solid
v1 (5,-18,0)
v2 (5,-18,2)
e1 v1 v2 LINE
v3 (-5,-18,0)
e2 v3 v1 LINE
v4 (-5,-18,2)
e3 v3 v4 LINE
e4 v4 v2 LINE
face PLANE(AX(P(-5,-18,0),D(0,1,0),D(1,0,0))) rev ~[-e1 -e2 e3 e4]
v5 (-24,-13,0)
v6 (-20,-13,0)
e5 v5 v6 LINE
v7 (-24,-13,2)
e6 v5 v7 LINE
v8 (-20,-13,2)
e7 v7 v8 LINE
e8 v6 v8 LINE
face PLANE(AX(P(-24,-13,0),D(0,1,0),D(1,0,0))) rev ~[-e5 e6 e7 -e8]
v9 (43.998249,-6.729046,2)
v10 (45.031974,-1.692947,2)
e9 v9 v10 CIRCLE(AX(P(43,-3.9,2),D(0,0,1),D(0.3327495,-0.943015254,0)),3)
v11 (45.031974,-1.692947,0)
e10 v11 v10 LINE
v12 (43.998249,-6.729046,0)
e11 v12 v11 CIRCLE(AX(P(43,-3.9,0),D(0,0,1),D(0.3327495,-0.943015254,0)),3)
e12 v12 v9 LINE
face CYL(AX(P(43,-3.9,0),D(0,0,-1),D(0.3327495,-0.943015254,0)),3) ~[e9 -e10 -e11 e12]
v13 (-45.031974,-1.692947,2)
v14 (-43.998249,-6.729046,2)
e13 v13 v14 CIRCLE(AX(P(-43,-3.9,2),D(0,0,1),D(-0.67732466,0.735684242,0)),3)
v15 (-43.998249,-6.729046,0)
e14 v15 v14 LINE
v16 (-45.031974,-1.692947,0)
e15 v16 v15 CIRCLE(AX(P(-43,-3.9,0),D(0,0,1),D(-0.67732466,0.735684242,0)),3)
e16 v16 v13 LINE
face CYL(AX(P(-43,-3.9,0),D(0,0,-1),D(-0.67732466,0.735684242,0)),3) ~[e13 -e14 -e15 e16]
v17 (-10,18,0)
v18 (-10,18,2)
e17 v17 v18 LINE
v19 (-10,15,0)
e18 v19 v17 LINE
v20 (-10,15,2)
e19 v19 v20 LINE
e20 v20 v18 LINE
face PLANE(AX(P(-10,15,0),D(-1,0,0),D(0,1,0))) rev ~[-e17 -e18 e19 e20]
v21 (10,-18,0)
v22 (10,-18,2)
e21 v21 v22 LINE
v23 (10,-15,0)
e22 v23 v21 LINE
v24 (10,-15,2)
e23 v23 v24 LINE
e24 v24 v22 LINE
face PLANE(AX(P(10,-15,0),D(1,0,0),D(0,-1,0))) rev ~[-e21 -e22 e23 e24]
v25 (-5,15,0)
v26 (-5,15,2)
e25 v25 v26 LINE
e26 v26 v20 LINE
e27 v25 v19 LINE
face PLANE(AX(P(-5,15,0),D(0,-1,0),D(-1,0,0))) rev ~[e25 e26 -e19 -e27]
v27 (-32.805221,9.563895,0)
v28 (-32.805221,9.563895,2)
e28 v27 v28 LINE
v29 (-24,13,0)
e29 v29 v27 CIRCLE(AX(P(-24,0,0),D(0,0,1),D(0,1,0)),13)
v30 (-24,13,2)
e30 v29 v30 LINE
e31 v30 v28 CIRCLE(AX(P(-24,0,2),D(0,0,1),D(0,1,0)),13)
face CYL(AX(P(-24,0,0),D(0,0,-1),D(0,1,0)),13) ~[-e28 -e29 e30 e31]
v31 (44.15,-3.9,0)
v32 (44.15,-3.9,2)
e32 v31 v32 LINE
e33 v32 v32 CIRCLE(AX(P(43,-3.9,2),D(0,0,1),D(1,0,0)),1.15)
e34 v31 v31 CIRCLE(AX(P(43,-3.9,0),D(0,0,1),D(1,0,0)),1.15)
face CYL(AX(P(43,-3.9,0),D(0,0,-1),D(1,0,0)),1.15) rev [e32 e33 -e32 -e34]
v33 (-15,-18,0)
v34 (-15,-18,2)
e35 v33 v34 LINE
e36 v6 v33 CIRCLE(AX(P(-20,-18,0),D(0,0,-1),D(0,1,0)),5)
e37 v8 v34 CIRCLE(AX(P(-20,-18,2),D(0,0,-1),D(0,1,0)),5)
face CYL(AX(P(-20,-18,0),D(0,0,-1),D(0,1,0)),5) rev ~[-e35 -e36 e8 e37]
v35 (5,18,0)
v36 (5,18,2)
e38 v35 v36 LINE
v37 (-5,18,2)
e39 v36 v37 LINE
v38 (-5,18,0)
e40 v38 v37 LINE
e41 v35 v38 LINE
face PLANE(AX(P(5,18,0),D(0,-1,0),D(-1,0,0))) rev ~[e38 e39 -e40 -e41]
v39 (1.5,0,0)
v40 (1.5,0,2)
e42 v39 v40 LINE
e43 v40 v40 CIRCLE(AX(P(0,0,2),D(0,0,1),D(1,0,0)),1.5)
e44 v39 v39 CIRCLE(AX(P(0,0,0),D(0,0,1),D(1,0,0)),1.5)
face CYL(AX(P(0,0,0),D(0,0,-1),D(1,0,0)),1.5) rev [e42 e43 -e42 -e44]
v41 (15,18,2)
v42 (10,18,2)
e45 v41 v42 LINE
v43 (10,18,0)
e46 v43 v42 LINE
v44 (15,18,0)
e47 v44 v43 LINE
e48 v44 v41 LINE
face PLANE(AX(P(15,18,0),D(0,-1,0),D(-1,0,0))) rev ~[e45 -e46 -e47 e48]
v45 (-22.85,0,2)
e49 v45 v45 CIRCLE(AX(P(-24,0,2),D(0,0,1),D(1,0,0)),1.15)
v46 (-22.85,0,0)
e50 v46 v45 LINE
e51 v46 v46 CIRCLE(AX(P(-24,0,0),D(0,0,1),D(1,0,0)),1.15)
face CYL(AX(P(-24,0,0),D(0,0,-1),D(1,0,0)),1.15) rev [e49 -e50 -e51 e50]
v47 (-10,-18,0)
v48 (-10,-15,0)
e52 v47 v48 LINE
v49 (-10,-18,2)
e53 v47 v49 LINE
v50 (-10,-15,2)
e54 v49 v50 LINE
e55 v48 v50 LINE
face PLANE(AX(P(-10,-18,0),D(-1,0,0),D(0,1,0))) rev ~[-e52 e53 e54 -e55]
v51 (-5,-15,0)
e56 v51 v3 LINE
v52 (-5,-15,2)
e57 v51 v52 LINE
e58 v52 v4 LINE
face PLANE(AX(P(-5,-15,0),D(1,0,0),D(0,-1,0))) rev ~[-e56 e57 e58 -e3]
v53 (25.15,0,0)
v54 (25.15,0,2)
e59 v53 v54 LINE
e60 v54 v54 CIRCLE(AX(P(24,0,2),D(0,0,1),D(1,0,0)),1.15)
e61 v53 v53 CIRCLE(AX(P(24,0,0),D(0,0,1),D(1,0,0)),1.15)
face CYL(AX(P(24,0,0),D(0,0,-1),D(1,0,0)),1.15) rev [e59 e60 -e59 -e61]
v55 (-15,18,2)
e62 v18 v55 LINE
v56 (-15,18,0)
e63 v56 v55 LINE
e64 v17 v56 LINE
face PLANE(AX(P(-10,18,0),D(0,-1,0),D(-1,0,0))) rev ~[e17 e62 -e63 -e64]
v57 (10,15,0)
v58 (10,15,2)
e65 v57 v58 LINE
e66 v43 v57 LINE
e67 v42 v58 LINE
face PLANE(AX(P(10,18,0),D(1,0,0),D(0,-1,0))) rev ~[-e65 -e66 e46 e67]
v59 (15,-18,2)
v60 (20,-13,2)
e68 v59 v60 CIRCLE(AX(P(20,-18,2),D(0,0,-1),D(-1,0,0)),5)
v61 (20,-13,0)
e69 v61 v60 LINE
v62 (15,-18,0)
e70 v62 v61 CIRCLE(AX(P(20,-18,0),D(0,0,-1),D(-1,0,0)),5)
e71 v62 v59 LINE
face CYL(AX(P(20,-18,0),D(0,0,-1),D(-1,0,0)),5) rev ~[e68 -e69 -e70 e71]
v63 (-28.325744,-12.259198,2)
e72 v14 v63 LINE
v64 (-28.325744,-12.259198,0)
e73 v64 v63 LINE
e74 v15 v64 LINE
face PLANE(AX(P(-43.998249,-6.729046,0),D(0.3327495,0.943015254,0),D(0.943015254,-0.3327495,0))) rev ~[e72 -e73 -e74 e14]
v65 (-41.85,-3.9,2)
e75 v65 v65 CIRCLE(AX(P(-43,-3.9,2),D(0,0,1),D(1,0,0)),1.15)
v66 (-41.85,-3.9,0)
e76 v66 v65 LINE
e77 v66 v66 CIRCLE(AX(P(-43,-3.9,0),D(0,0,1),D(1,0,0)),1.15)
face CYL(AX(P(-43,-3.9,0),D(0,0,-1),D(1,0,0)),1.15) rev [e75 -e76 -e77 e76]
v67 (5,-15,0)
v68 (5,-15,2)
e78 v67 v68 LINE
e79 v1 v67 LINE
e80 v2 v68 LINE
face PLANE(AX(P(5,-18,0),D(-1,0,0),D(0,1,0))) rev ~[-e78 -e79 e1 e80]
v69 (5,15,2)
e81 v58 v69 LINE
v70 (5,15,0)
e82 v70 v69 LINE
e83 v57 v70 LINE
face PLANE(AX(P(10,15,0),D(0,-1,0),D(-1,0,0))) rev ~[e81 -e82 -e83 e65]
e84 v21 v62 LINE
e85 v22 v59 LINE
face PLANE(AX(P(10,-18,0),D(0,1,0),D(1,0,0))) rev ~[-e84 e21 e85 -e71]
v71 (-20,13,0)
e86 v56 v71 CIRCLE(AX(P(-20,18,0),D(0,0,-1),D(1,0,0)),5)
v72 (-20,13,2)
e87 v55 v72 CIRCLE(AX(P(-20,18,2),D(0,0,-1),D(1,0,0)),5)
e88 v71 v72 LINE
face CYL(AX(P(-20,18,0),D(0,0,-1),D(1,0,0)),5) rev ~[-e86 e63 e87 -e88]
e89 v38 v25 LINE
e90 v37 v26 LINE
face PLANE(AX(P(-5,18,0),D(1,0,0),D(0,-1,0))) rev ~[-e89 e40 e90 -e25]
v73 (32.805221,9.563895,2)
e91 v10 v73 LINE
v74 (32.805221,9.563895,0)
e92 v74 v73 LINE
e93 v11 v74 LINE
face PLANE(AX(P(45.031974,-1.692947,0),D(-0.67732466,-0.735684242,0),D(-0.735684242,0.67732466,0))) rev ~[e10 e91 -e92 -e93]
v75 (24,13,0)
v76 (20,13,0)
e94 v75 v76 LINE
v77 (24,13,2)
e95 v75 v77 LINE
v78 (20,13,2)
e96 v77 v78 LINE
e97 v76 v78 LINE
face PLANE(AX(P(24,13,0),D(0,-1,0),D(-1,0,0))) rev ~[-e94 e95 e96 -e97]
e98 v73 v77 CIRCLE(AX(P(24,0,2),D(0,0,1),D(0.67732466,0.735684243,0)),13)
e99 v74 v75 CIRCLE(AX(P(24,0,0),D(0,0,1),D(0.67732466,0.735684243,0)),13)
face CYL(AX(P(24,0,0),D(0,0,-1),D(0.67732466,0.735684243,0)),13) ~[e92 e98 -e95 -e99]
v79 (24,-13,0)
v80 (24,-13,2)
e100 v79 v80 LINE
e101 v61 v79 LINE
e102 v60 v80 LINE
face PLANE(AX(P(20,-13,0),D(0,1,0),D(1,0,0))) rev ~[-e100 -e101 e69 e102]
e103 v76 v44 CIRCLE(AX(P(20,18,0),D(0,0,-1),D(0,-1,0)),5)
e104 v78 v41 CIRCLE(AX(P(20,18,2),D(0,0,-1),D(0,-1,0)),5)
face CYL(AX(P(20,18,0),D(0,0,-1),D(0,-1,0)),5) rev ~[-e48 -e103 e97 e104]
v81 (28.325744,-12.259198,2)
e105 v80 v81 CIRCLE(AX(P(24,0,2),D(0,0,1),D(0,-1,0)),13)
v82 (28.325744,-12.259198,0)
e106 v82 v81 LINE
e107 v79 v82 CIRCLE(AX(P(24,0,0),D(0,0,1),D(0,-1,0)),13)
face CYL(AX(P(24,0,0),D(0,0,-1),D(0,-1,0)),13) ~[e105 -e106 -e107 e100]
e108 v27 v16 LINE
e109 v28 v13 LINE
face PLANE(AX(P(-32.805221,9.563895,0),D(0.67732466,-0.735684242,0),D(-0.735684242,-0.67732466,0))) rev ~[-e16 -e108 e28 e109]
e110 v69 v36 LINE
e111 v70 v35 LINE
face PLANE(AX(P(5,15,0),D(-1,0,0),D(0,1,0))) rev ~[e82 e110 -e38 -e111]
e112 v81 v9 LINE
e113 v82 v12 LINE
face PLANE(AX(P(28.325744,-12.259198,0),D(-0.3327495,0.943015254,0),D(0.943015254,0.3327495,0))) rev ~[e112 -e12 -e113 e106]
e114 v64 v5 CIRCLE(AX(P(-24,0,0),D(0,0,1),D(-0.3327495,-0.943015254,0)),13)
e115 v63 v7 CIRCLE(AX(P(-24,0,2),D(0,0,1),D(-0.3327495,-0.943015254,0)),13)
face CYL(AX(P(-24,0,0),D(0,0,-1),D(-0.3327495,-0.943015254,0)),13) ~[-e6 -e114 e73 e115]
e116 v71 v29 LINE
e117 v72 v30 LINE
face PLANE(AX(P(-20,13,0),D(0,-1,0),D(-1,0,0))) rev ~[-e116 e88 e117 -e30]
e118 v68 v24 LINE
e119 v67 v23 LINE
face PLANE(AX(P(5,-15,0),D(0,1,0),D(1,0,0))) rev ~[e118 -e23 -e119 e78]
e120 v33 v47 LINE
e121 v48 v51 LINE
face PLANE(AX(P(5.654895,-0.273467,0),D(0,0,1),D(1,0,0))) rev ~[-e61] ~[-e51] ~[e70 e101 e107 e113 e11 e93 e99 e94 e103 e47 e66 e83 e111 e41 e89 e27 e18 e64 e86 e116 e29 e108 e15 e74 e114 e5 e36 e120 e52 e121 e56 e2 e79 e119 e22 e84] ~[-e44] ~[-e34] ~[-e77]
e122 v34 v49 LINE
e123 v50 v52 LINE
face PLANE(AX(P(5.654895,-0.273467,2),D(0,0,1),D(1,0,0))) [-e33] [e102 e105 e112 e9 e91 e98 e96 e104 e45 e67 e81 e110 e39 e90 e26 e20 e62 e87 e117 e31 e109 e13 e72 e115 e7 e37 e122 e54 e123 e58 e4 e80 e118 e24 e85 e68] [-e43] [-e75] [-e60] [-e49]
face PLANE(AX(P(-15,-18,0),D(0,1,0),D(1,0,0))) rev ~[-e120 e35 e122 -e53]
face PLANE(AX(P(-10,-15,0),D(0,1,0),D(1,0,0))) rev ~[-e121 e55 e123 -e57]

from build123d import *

# Parameters (mm, degrees)
MODEL_R         = 1.15
MODEL_R_2       = 1.5
EXTRUDE_1_DEPTH = 2


with BuildPart() as part:
    # Model → Бобышка-Вытянуть1 (new body)
    # profile 1 of 3: a face of its own
    with BuildSketch(Plane.XY):
        with BuildLine():
            ThreePointArc((-11, 0), (-14.807611845, 9.192388155), (-24, 13))
            ThreePointArc((-24, 13), (-28.725958264, 12.110545755), (-32.805220584, 9.563895152))
            ThreePointArc((-32.805220584, 9.563895152), (-36.734496712, -2.613923009), (-28.325743505, -12.259198307))
            ThreePointArc((-28.325743505, -12.259198307), (-26.194358905, -12.813461242), (-24, -13))
            ThreePointArc((-24, -13), (-14.807611845, -9.192388155), (-11, 0))
        make_face()
        with Locations((-24, 0)):
            Circle(MODEL_R, mode=Mode.SUBTRACT)
    # profile 2 of 3: a face of its own
    with BuildSketch(Plane.XY):
        with BuildLine():
            ThreePointArc((-28.325743505, -12.259198307), (-36.734496712, -2.613923009), (-32.805220584, 9.563895152))
            Line((-32.805220584, 9.563895152), (-45.031973981, -1.692947273))
            ThreePointArc((-45.031973981, -1.692947273), (-45.93873001, -4.503213002), (-43.998248501, -6.729045763))
            Line((-43.998248501, -6.729045763), (-28.325743505, -12.259198307))
        make_face()
        with Locations((-43, -3.9)):
            Circle(MODEL_R, mode=Mode.SUBTRACT)
    # profile 3 of 3: a face of its own
    with BuildSketch(Plane.XY):
        with BuildLine():
            Line((-10, 18), (-15, 18))
            ThreePointArc((-15, 18), (-16.464466094, 14.464466094), (-20, 13))
            Line((-20, 13), (-24, 13))
            ThreePointArc((-24, 13), (-14.807611845, 9.192388155), (-11, 0))
            ThreePointArc((-11, 0), (-14.807611845, -9.192388155), (-24, -13))
            Line((-24, -13), (-20, -13))
            ThreePointArc((-20, -13), (-16.464466094, -14.464466094), (-15, -18))
            Line((-15, -18), (-10, -18))
            Line((-10, -18), (-10, -15))
            Line((-10, -15), (-5, -15))
            Line((-5, -15), (-5, -18))
            Line((-5, -18), (5, -18))
            Line((5, -18), (5, -15))
            Line((5, -15), (10, -15))
            Line((10, -15), (10, -18))
            Line((10, -18), (15, -18))
            ThreePointArc((15, -18), (16.464466094, -14.464466094), (20, -13))
            Line((20, -13), (24, -13))
            ThreePointArc((24, -13), (26.194358905, -12.813461242), (28.325743505, -12.259198307))
            Line((28.325743505, -12.259198307), (43.998248501, -6.729045763))
            ThreePointArc((43.998248501, -6.729045763), (45.93873001, -4.503213002), (45.031973981, -1.692947273))
            Line((45.031973981, -1.692947273), (32.805220584, 9.563895152))
            ThreePointArc((32.805220584, 9.563895152), (28.725958264, 12.110545755), (24, 13))
            Line((24, 13), (20, 13))
            ThreePointArc((20, 13), (16.464466094, 14.464466094), (15, 18))
            Line((15, 18), (10, 18))
            Line((10, 18), (10, 15))
            Line((10, 15), (5, 15))
            Line((5, 15), (5, 18))
            Line((5, 18), (-5, 18))
            Line((-5, 18), (-5, 15))
            Line((-5, 15), (-10, 15))
            Line((-10, 15), (-10, 18))
        make_face()
        with Locations((43, -3.9)):
            Circle(MODEL_R, mode=Mode.SUBTRACT)
        Circle(MODEL_R_2, mode=Mode.SUBTRACT)
        with Locations((24, 0)):
            Circle(MODEL_R, mode=Mode.SUBTRACT)
    extrude(amount=EXTRUDE_1_DEPTH)


solid = part.part
